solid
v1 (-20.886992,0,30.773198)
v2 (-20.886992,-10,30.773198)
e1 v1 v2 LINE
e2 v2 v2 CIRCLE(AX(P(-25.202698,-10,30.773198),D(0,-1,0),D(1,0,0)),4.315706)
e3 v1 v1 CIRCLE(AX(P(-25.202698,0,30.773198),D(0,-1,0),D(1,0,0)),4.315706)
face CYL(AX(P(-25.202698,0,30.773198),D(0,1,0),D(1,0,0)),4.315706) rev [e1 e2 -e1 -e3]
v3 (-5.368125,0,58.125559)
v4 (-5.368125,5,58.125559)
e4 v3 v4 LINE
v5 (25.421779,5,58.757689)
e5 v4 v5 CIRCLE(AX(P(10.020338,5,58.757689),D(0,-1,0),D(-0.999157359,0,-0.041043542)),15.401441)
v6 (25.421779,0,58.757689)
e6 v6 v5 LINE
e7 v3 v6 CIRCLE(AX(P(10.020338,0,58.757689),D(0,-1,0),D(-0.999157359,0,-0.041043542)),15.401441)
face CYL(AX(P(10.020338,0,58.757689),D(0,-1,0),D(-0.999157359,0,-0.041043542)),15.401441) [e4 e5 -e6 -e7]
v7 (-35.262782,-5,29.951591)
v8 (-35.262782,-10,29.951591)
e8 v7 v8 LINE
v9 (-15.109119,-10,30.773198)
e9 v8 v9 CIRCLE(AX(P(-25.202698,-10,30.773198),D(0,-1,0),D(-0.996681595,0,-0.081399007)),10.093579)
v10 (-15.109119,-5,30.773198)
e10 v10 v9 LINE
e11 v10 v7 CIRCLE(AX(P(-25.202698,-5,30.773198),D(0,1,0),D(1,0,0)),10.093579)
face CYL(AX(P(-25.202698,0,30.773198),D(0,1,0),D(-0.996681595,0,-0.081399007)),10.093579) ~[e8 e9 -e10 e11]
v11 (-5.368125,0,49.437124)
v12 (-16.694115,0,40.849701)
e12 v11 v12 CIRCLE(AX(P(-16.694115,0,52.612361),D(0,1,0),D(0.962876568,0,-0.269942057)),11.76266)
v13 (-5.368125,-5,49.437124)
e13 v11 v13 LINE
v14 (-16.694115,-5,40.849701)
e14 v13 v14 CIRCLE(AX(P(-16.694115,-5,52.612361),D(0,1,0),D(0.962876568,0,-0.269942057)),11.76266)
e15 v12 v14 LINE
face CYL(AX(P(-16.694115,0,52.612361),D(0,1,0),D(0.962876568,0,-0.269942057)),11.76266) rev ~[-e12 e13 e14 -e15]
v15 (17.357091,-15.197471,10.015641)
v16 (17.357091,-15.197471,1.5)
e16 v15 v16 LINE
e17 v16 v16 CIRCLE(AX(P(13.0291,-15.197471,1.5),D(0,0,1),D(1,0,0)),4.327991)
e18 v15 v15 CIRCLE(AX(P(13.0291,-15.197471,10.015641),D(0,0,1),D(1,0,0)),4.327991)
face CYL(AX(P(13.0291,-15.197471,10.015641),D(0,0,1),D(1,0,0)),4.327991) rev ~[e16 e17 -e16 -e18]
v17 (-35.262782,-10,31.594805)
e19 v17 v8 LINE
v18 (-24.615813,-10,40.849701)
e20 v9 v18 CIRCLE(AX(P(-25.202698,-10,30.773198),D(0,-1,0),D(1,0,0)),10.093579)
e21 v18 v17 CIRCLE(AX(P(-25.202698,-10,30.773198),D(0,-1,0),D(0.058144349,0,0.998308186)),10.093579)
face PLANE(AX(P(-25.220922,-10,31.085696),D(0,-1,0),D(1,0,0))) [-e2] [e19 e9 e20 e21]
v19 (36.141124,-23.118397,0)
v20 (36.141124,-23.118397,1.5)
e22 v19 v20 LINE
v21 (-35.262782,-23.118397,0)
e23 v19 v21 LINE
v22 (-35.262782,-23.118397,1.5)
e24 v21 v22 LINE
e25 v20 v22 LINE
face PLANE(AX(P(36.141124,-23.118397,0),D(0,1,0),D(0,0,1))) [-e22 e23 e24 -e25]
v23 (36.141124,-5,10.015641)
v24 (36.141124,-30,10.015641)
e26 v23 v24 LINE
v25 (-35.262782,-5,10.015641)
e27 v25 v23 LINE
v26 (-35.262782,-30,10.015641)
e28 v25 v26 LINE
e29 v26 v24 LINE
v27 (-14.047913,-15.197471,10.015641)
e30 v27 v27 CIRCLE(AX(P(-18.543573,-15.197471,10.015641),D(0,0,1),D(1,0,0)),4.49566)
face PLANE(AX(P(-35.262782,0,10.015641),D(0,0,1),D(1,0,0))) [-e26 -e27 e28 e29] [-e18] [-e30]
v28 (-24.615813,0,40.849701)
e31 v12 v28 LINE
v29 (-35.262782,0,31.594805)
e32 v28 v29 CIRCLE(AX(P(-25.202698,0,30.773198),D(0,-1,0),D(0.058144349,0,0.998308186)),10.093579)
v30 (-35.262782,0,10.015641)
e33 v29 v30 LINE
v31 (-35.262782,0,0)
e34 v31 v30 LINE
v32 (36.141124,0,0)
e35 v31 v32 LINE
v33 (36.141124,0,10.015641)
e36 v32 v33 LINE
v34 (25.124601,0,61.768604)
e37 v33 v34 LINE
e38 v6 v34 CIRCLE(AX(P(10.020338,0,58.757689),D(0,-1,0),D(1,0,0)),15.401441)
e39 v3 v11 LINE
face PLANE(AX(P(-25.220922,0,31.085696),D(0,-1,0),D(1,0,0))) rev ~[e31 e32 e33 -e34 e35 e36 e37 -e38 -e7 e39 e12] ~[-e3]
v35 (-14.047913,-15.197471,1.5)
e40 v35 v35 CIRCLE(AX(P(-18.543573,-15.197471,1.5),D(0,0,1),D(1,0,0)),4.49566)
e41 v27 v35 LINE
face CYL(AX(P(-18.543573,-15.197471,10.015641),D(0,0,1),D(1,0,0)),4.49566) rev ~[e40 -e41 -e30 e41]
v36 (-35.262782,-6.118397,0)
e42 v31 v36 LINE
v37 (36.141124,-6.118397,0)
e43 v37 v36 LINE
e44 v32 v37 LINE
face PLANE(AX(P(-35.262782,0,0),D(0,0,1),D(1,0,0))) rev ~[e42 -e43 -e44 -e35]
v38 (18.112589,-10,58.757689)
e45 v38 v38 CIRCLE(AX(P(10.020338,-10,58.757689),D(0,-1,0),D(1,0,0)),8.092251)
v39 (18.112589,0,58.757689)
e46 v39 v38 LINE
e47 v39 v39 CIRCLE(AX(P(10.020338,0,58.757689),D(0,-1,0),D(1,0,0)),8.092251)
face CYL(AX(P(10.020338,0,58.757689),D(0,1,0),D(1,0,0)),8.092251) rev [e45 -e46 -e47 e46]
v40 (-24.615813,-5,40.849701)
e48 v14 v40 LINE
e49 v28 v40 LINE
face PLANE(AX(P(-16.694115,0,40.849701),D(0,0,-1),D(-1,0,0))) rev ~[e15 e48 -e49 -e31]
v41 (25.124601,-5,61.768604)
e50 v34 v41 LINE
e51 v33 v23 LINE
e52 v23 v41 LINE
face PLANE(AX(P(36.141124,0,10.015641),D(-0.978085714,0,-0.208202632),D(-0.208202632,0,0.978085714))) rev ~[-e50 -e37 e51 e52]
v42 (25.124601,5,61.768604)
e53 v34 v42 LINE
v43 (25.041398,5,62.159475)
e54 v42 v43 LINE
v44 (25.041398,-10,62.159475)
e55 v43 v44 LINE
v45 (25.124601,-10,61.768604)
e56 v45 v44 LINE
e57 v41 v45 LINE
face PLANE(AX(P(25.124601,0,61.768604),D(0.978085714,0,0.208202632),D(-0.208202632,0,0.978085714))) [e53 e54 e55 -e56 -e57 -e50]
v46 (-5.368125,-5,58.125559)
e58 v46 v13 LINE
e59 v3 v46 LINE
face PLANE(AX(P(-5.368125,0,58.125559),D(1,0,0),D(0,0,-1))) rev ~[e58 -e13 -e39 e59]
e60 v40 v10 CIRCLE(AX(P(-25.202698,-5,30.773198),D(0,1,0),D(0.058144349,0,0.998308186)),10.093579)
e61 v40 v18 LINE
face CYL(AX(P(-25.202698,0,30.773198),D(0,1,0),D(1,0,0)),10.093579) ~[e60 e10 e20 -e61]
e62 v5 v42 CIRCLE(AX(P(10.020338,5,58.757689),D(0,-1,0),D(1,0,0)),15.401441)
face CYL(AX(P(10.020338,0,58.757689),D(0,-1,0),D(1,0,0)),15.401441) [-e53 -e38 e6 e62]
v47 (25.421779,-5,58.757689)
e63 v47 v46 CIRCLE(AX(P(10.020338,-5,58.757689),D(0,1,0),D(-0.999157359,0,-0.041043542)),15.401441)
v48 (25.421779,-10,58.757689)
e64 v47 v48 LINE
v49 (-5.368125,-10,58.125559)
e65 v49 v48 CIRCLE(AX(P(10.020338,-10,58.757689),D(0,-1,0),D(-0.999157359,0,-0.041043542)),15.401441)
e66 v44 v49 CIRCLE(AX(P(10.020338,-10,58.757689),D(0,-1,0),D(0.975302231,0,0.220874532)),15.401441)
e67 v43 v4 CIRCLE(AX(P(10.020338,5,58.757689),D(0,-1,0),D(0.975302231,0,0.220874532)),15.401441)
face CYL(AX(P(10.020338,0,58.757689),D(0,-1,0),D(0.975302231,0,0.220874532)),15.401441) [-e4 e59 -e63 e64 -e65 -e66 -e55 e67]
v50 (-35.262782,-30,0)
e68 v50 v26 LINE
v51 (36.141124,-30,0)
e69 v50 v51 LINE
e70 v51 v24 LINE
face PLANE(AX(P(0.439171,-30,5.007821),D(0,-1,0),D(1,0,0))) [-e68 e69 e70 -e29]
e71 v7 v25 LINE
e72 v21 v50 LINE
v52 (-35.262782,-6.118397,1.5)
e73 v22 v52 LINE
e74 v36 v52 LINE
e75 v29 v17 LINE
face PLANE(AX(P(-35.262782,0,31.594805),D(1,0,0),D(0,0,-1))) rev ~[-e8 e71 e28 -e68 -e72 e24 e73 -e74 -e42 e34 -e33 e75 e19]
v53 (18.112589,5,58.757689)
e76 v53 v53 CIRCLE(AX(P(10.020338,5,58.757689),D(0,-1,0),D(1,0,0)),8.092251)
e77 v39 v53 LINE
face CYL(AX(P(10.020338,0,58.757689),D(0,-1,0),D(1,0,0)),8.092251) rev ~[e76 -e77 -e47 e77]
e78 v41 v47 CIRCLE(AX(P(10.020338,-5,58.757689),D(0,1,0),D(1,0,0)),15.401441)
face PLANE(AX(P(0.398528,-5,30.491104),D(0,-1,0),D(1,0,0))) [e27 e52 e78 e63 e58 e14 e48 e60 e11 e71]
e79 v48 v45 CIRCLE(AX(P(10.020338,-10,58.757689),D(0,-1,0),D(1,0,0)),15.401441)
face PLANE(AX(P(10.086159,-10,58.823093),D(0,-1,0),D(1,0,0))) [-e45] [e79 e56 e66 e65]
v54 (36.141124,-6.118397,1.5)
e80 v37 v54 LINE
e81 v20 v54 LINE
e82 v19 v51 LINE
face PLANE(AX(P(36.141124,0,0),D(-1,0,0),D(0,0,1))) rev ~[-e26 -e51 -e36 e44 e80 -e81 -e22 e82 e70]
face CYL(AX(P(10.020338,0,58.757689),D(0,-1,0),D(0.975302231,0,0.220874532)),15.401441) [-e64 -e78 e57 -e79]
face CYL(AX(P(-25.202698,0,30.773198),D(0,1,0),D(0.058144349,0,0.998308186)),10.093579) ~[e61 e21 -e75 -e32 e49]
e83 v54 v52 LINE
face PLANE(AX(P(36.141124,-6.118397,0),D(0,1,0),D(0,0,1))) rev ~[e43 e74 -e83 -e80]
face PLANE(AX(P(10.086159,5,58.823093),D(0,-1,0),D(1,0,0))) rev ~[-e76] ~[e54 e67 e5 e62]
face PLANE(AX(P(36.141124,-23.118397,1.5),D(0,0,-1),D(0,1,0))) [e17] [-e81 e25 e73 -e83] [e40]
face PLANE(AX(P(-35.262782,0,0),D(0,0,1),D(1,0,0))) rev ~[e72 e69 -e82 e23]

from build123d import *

# Parameters (mm, degrees)
F0_W     = 71.4039057493
F0_H     = 10.0156413391
F1_DEPTH = 30
F0_R     = 8.092251343
F2_DEPTH = 5
F3_DEPTH = 10
F4_DEPTH = 5
F0_R_2   = 4.3157059511
F5_DEPTH = 10
F6_R     = 4.4956600343
F6_R_2   = 4.3279910203
F7_DEPTH = 10
F8_W     = 17
F8_H     = 1.5
F9_DEPTH = 75


with BuildPart() as f1:
    # F0 (on Front) → F1 (new body)
    with BuildSketch(Plane.XZ):
        with Locations((0.439170748, 5.0078206696)):
            Rectangle(F0_W, F0_H)
    extrude(amount=F1_DEPTH)

    # F0 (on Front) → F2 (join)
    with BuildSketch(Plane.XZ):
        with BuildLine():
            Line((-35.2627821267, 29.9515907848), (-35.2627821267, 10.0156413391))
            Line((-35.2627821267, 10.0156413391), (36.1411236227, 10.0156413391))
            Line((36.1411236227, 10.0156413391), (25.1246013402, 61.7686041355))
            ThreePointArc((25.1246013402, 61.7686041355), (25.3473044426, 60.2704616159), (25.4217788934, 58.7576889175))
            ThreePointArc((25.4217788934, 58.7576889175), (10.3364695976, 43.3594929937), (-5.3681246936, 58.1255592406))
            Line((-5.3681246936, 58.1255592406), (-5.3681246936, 49.4371242821))
            ThreePointArc((-5.3681246936, 49.4371242821), (-9.5873943676, 43.2392770116), (-16.6941146135, 40.8497007485))
            Line((-16.6941146135, 40.8497007485), (-24.6158130271, 40.8497007485))
            ThreePointArc((-24.6158130271, 40.8497007485), (-17.8608958869, 37.6998341235), (-15.1091185063, 30.7731981021))
            ThreePointArc((-15.1091185063, 30.7731981021), (-24.791552722, 20.6879961222), (-35.2627821267, 29.9515907848))
        make_face()
        with BuildLine():
            ThreePointArc((25.4217788934, 58.7576889175), (25.3473044426, 60.2704616159), (25.1246013402, 61.7686041355))
            Line((25.1246013402, 61.7686041355), (25.041397661, 62.1594749391))
            ThreePointArc((25.041397661, 62.1594749391), (7.9950319394, 74.0253839474), (-5.3681246936, 58.1255592406))
            ThreePointArc((-5.3681246936, 58.1255592406), (10.3364695976, 43.3594929937), (25.4217788934, 58.7576889175))
        make_face()
        with Locations((10.0203381558, 58.7576889175)):
            Circle(F0_R, mode=Mode.SUBTRACT)
    extrude(amount=F2_DEPTH)

    # F0 (on Front) → F3 (join)
    with BuildSketch(Plane.XZ):
        with BuildLine():
            ThreePointArc((25.4217788934, 58.7576889175), (25.3473044426, 60.2704616159), (25.1246013402, 61.7686041355))
            Line((25.1246013402, 61.7686041355), (25.041397661, 62.1594749391))
            ThreePointArc((25.041397661, 62.1594749391), (7.9950319394, 74.0253839474), (-5.3681246936, 58.1255592406))
            ThreePointArc((-5.3681246936, 58.1255592406), (10.3364695976, 43.3594929937), (25.4217788934, 58.7576889175))
        make_face()
        with Locations((10.0203381558, 58.7576889175)):
            Circle(F0_R, mode=Mode.SUBTRACT)
    extrude(amount=F3_DEPTH)

    # F0 (on Front) → F4 (join)
    with BuildSketch(Plane.XZ):
        with BuildLine():
            ThreePointArc((25.4217788934, 58.7576889175), (25.3473044426, 60.2704616159), (25.1246013402, 61.7686041355))
            Line((25.1246013402, 61.7686041355), (25.041397661, 62.1594749391))
            ThreePointArc((25.041397661, 62.1594749391), (7.9950319394, 74.0253839474), (-5.3681246936, 58.1255592406))
            ThreePointArc((-5.3681246936, 58.1255592406), (10.3364695976, 43.3594929937), (25.4217788934, 58.7576889175))
        make_face()
        with Locations((10.0203381558, 58.7576889175)):
            Circle(F0_R, mode=Mode.SUBTRACT)
    extrude(amount=-F4_DEPTH)

    # F0 (on Front) → F5 (join)
    with BuildSketch(Plane.XZ):
        with BuildLine():
            Line((-35.2627821267, 31.5948054194), (-35.2627821267, 29.9515907848))
            ThreePointArc((-35.2627821267, 29.9515907848), (-24.791552722, 20.6879961222), (-15.1091185063, 30.7731981021))
            ThreePointArc((-15.1091185063, 30.7731981021), (-17.8608958869, 37.6998341235), (-24.6158130271, 40.8497007485))
            ThreePointArc((-24.6158130271, 40.8497007485), (-31.8245290129, 38.3910513396), (-35.2627821267, 31.5948054194))
        make_face()
        with Locations((-25.2026976086, 30.7731981021)):
            Circle(F0_R_2, mode=Mode.SUBTRACT)
    extrude(amount=F5_DEPTH)

    # F6 (on face) → F7 (cut)
    with BuildSketch(Plane.XY.offset(10.0156413391)):
        with Locations((-18.5435730964, -15.1974710822)):
            Circle(F6_R)
        with Locations((13.0291003734, -15.1974710822)):
            Circle(F6_R_2)
    extrude(amount=-F7_DEPTH, mode=Mode.SUBTRACT)

    # F8 (on face) → F9 (cut)
    with BuildSketch(Plane.YZ.offset(36.1411236227)):
        with Locations((-14.618397221, 0.75)):
            Rectangle(F8_W, F8_H)
    extrude(amount=-F9_DEPTH, mode=Mode.SUBTRACT)


solid = f1.part
